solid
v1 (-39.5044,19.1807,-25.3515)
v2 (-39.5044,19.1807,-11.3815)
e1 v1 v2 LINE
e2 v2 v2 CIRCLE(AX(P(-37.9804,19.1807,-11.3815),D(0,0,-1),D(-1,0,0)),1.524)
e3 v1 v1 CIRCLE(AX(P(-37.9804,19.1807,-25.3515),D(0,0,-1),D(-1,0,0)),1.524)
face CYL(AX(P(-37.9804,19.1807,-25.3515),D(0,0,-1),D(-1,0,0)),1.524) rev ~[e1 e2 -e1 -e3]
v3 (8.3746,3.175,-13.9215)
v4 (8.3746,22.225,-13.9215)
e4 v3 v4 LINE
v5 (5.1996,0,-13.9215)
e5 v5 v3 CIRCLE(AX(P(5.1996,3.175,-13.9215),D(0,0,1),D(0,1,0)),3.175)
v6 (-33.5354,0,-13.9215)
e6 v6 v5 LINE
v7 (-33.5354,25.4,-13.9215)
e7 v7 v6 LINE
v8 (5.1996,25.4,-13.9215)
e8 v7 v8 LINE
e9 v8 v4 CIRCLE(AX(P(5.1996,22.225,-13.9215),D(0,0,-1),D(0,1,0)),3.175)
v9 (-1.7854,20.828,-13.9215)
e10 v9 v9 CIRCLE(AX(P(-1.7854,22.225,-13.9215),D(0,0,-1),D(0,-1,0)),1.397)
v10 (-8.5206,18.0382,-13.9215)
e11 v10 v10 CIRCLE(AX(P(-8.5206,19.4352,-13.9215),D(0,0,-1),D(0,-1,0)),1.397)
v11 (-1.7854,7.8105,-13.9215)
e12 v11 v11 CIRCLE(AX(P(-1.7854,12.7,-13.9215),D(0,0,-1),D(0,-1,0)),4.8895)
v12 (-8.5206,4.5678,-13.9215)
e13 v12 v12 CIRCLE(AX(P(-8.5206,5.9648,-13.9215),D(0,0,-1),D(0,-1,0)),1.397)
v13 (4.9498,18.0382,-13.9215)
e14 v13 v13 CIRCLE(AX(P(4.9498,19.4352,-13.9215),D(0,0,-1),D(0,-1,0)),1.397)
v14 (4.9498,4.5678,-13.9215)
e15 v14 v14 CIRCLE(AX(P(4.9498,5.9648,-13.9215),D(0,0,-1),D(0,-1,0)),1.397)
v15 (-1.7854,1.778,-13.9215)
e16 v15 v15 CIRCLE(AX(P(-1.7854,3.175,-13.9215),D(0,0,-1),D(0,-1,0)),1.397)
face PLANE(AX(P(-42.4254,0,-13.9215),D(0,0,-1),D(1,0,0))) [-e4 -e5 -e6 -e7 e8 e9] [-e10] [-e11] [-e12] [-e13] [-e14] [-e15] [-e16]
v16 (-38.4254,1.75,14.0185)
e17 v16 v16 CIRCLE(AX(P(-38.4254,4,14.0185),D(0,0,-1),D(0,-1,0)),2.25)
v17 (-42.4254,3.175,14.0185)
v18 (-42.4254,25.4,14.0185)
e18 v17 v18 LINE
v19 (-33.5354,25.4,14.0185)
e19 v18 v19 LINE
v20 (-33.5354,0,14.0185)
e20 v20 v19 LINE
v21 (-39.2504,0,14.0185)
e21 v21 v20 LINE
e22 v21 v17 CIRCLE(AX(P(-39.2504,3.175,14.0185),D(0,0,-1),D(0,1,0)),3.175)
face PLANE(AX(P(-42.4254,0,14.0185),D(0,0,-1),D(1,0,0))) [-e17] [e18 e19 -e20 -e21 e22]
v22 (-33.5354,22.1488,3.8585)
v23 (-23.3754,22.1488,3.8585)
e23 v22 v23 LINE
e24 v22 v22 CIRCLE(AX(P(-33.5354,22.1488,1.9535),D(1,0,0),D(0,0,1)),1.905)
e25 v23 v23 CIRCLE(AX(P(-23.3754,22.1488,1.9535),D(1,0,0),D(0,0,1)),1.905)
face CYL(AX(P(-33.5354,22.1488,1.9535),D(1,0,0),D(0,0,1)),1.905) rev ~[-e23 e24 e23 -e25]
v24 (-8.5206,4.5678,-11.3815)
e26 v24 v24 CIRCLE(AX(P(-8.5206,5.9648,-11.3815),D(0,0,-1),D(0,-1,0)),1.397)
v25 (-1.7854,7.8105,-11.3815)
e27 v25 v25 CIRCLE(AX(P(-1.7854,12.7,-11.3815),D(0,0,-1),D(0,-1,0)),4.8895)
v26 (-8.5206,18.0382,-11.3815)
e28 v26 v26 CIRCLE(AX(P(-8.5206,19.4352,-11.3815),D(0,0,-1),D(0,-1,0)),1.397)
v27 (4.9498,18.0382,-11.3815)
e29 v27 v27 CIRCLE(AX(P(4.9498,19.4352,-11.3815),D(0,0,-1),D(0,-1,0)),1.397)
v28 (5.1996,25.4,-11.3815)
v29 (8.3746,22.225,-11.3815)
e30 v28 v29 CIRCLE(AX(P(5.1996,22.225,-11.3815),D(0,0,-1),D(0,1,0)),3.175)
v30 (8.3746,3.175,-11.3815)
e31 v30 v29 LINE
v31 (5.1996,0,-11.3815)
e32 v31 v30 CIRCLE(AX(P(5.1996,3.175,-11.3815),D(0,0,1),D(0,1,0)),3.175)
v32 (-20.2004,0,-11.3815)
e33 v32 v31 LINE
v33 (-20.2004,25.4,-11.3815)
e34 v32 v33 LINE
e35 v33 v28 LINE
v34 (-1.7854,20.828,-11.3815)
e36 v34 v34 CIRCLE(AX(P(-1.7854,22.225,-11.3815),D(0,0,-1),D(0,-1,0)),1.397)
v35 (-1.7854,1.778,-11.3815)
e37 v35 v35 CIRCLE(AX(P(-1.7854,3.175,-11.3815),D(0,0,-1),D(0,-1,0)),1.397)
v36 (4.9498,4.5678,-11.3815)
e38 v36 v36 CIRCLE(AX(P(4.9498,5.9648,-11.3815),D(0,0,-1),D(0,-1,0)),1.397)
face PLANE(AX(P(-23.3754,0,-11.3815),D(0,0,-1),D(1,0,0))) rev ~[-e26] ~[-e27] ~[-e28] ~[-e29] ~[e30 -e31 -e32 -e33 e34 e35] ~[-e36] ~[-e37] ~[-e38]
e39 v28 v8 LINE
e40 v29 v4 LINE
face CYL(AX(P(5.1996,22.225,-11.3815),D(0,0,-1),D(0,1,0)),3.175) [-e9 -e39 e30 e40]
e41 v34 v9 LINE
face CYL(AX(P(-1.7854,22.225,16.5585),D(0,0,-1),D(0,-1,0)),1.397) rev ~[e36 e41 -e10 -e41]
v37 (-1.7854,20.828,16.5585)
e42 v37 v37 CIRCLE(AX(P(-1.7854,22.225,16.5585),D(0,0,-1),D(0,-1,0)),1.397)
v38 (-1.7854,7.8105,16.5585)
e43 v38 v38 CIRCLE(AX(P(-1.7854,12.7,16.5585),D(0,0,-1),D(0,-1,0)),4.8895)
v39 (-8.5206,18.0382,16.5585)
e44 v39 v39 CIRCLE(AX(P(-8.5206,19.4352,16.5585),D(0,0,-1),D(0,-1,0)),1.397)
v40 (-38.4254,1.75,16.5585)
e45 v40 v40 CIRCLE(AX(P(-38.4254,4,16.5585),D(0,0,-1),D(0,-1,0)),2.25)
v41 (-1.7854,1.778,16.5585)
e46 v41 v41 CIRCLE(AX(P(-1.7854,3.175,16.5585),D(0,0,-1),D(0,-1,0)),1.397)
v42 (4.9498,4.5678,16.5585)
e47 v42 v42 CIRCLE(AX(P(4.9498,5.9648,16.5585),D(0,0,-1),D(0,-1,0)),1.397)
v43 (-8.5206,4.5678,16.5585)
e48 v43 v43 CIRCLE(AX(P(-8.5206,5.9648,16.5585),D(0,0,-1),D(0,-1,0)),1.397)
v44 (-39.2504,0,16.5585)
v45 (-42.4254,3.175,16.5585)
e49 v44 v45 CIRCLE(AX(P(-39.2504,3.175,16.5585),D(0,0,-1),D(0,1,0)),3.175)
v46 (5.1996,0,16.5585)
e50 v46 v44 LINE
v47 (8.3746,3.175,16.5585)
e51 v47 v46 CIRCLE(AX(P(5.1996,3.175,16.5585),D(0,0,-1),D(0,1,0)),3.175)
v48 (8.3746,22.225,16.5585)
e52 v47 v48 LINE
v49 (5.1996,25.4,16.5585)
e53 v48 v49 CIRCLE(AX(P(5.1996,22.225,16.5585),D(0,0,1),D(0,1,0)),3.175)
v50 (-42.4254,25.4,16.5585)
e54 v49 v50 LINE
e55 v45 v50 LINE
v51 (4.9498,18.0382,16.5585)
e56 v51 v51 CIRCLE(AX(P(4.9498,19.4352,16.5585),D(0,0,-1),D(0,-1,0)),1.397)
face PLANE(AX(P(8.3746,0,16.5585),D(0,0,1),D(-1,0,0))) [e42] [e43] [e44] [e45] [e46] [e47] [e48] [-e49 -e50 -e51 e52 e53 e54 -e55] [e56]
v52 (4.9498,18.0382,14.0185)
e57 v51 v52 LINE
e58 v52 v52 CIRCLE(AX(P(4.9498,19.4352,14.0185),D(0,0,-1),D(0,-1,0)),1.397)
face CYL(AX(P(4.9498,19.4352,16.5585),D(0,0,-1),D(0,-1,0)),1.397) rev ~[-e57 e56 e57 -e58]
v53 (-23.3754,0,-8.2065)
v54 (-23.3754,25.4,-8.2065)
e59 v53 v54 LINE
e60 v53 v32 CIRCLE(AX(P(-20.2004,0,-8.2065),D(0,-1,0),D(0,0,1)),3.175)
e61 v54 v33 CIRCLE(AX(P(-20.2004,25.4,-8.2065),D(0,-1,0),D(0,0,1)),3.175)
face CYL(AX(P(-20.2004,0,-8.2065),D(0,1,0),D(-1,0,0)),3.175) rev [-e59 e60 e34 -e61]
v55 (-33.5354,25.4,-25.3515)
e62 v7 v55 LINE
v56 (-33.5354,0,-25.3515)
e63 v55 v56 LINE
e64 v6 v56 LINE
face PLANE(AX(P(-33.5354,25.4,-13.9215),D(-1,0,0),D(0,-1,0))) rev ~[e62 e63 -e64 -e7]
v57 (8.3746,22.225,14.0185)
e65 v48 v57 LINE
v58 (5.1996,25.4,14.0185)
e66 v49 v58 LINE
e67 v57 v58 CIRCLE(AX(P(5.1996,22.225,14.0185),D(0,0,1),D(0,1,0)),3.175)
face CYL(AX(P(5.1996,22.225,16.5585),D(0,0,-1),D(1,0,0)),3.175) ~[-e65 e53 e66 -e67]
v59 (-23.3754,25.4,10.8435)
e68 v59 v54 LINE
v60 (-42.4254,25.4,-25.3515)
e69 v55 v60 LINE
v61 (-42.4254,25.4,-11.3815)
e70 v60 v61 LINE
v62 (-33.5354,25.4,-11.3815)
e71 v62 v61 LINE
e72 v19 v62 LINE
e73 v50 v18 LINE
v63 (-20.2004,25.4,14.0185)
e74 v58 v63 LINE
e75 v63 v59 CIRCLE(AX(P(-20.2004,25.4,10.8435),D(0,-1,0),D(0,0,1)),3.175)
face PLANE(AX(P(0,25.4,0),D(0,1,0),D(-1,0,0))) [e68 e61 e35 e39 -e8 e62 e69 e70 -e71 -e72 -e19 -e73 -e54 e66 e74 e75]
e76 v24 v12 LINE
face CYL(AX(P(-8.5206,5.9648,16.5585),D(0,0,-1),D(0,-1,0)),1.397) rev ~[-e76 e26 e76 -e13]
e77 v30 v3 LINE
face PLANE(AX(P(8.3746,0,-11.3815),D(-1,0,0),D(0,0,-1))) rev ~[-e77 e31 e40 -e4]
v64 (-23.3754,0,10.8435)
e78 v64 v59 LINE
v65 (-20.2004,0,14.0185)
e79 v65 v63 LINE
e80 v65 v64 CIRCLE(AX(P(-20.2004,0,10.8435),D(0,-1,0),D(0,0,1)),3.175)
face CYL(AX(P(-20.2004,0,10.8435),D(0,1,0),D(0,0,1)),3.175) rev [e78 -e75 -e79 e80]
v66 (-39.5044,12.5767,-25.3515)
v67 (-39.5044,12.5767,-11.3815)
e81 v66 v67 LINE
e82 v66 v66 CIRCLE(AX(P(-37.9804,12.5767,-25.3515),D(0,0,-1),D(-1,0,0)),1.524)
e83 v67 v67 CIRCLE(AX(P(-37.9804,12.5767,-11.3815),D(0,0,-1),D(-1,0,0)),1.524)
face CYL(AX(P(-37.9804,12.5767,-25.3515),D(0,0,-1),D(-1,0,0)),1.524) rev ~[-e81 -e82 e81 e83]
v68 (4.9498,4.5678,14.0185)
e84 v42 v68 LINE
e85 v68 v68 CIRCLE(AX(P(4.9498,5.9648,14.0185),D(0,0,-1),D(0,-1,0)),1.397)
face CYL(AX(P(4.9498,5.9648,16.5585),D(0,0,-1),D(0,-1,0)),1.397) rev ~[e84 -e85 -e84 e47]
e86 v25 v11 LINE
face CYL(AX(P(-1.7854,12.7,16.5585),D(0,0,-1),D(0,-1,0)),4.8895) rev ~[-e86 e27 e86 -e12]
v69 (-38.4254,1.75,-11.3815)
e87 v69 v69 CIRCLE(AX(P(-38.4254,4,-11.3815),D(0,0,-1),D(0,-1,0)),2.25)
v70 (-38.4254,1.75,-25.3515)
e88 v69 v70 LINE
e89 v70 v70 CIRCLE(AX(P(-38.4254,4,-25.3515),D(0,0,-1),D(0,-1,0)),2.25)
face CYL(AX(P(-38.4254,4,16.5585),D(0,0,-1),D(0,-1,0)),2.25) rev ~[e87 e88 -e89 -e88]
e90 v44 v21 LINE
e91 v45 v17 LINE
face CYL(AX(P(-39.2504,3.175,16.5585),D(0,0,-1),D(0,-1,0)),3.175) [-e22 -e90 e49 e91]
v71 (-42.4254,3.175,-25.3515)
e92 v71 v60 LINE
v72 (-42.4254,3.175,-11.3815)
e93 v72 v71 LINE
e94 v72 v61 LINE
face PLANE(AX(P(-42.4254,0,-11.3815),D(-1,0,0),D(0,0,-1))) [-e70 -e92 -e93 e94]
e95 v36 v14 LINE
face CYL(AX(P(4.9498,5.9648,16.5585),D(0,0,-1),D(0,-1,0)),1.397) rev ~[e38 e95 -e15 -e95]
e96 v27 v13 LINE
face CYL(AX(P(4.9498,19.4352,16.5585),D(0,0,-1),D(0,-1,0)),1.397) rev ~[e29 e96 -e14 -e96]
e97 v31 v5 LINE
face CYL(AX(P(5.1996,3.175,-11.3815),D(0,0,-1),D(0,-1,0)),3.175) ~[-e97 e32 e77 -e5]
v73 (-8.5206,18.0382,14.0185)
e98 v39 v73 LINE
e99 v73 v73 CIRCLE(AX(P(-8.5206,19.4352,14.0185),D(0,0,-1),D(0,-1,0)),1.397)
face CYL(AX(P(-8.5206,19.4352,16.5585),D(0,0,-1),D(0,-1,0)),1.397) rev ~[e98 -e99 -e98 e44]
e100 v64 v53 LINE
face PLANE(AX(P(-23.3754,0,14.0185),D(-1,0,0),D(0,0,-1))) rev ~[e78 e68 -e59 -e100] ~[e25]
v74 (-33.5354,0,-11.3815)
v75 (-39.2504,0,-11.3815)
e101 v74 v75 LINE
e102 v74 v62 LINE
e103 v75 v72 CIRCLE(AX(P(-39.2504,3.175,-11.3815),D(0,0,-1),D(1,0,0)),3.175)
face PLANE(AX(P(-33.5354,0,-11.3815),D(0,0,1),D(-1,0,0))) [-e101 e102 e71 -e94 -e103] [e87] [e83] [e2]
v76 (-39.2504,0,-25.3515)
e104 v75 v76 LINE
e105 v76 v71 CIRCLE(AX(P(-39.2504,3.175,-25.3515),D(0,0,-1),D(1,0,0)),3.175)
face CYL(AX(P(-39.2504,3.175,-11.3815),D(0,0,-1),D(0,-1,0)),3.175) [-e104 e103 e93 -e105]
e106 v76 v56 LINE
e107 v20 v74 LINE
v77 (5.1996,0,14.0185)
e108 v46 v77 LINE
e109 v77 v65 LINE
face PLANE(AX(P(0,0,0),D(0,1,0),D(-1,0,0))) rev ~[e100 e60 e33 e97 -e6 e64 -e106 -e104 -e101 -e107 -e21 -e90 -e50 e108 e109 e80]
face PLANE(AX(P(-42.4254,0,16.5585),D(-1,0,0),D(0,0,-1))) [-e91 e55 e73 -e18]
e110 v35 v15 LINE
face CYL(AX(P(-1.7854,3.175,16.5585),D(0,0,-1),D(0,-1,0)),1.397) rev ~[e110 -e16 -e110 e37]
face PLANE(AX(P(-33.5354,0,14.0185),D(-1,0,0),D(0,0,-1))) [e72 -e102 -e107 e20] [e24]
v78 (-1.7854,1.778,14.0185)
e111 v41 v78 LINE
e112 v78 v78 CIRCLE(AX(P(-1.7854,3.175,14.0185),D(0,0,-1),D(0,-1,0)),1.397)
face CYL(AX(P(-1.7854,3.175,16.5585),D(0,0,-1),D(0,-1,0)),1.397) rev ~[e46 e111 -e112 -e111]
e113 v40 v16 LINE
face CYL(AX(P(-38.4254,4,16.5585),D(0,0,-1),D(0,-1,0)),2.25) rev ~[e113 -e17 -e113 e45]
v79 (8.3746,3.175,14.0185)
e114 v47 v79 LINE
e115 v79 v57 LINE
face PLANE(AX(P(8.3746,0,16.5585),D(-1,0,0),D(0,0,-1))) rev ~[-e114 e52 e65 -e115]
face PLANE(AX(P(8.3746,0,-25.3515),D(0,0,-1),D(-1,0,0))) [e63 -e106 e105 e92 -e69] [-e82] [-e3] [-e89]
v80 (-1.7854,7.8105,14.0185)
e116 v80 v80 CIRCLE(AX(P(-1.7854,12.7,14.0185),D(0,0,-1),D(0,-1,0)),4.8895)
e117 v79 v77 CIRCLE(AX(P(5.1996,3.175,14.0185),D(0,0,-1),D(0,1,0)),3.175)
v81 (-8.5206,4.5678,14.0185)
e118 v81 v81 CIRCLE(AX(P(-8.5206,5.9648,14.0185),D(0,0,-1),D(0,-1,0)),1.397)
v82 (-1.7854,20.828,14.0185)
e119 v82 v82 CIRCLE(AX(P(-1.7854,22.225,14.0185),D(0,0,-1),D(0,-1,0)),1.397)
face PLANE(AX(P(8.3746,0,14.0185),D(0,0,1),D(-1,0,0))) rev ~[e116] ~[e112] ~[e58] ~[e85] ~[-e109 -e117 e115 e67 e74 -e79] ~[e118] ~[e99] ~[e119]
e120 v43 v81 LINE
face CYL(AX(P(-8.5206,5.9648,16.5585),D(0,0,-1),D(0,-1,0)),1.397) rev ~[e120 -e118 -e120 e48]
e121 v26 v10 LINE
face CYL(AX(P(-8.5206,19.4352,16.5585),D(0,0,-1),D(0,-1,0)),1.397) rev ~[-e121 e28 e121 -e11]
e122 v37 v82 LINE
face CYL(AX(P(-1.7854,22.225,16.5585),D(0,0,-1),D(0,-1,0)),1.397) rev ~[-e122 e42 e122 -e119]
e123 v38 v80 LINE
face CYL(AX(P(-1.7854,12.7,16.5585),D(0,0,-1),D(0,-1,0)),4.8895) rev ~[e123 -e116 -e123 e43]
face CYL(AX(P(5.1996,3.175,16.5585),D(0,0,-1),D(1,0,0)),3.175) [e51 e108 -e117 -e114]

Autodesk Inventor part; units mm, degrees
ref_plane "YZ Plane" through (0, 0, 0) normal (1, 0, 0) x (0, 1, 0)
ref_plane "XZ Plane" through (0, 0, 0) normal (0, 1, 0) x (-1, 0, 0)
ref_plane "XY Plane" through (0, 0, 0) normal (0, 0, 1) x (1, 0, 0)
sketch "Sketch1" plane through (0, 0, 0) normal (0, 1, 0) x (-1, 0, 0)
  line L0 (-8.3746, 16.5585) -> (42.4254, 16.5585)
  line L1 (42.4254, 16.5585) -> (42.4254, 14.0185)
  line L2 (42.4254, 14.0185) -> (33.5354, 14.0185)
  line L3 (33.5354, 14.0185) -> (33.5354, -11.3815)
  line L4 (33.5354, -11.3815) -> (42.4254, -11.3815)
  line L5 (42.4254, -11.3815) -> (42.4254, -13.9215)
  line L6 (42.4254, -13.9215) -> (-8.3746, -13.9215)
  line L7 (-8.3746, 16.5585) -> (-8.3746, 14.0185)
  line L8 (-8.3746, 14.0185) -> (23.3754, 14.0185)
  line L9 (23.3754, 14.0185) -> (23.3754, -11.3815)
  line L10 (23.3754, -11.3815) -> (-8.3746, -11.3815)
  line L11 (-8.3746, -11.3815) -> (-8.3746, -13.9215)
  point P0 (0, 0)
  dimension "d0" = 30.48
  dimension "d1" = 2.54
  dimension "d2" = 2.54
  dimension "d4" = 2.54
  dimension "d5" = 2.54
  dimension "d6" = 8.89
  dimension "d7" = 50.8
  dimension "d8" = 31.75
extrude "Extrusion1" add sketch "Sketch1" along normal blind 25.4
sketch "Sketch4" plane through (8.3746, 0, -13.9215) normal (0, 0, -1) x (-1, 0, 0)
  line L0 (50.8, 0) -> (0, 0) projected
  line L1 (50.8, 0) -> (50.8, 25.4) projected
  line L2 (0, 25.4) -> (50.8, 25.4) projected
  line L3 (50.8, 25.4) -> (41.91, 25.4)
  line L4 (41.91, 25.4) -> (41.91, 0)
  line L5 (41.91, 0) -> (50.8, 0)
  line L6 (50.8, 0) -> (50.8, 25.4)
  point P0 (8.3746, 0)
  dimension "d56" = 8.89
extrude "Extrusion3" add sketch "Sketch4" along normal blind 11.43
sketch "Sketch5" plane through (-42.4254, 0, 16.5585) normal (0, 0, 1) x (1, 0, 0)
  line L0 (50.8, 0) -> (50.8, 25.4) projected
  line L1 (50.8, 0) -> (0, 0) projected
  point P0 (40.64, 12.7)
  dimension "d11" = 10.16
  dimension "d12" = 12.7
hole "Hole1" at (-1.7854, 12.7, 16.5585) direction (0, 0, -1) diameter 9.779 end through all
sketch "Sketch6" plane through (-42.4254, 0, 16.5585) normal (0, 0, 1) x (1, 0, 0)
  line L0 (0, 0) -> (0, 25.4) projected
  line L1 (50.8, 0) -> (0, 0) projected
  point P0 (4, 4)
  dimension "d20" = 4
  dimension "d21" = 4
hole "Hole2" at (-38.4254, 4, 16.5585) direction (0, 0, -1) diameter 4.5 end through all
sketch "Sketch2" plane through (-42.4254, 0, 16.5585) normal (0, 0, 1) x (1, 0, 0)
  circle A0 centre (40.64, 12.7) radius 4.8895 projected
  line L0 (40.64, 22.225) -> (40.64, 3.175) construction
  circle A1 centre (40.64, 12.7) radius 4.8895 construction
  line L1 (40.64, 12.7) -> (33.9048, 19.4352) construction
  line L2 (40.64, 12.7) -> (33.9048, 5.9648) construction
  line L3 (40.64, 12.7) -> (47.3752, 5.9648) construction
  line L4 (40.64, 12.7) -> (47.3752, 19.4352) construction
  point P0 (42.4254, 0)
  dimension "d29" = 9.525
  dimension "d30" = 0
  dimension "d33" = 360
  dimension "d60" = 45
  dimension "d63" = 360
hole "Hole3" at (-1.7854, 3.175, 16.5585) at (-1.7854, 22.225, 16.5585) at (-8.5206, 5.9648, 16.5585) at (-8.5206, 19.4352, 16.5585) at (4.9498, 19.4352, 16.5585) at (4.9498, 5.9648, 16.5585) direction (0, 0, -1) diameter 2.794 end through all
fillet "Fillet2" radius 3.175 8 edges at (-42.4254, 0, -18.3665) (-42.4254, 0, 15.2885) (-23.3754, 12.7, 14.0185) (-23.3754, 12.7, -11.3815) (8.3746, 0, -12.6515) (8.3746, 25.4, -12.6515) (8.3746, 25.4, 15.2885) (8.3746, 0, 15.2885)
hole "Hole4" at (-33.5354, 22.1488, 1.9535) direction (1, 0, 0) diameter 3.81 end through all
sketch "Sketch7" plane through (8.3746, 0, -25.3515) normal (0, 0, -1) x (-1, 0, 0)
  circle A0 centre (46.355, 19.1807) radius 1.524
  circle A1 centre (46.355, 12.5767) radius 1.524
  line L0 (50.8, 3.175) -> (50.8, 25.4) construction
  line L1 (41.91, 25.4) -> (41.91, 0) construction
  line L2 (50.8, 25.4) -> (41.91, 25.4) construction
  point P0 (8.3746, 0)
  dimension "d65" = 3.048
  dimension "d66" = 3.048
  dimension "d67" = 6.604
  dimension "d68" = 8.89
  dimension "d69" = 4.445
  dimension "d70" = 4.445
  dimension "d71" = 6.2193
extrude "Extrusion4" cut sketch "Sketch7" against normal up to surface (13.97 mm away)
equation "\"d2\" = d1"
equation "\"d4\" = d1"
equation "\"d5\" = d1"
equation "\"d69\" = 0.5 * d68"
equation "\"d70\" = 0.5 * d68"
properties part number "Odometry_Holder-01"
